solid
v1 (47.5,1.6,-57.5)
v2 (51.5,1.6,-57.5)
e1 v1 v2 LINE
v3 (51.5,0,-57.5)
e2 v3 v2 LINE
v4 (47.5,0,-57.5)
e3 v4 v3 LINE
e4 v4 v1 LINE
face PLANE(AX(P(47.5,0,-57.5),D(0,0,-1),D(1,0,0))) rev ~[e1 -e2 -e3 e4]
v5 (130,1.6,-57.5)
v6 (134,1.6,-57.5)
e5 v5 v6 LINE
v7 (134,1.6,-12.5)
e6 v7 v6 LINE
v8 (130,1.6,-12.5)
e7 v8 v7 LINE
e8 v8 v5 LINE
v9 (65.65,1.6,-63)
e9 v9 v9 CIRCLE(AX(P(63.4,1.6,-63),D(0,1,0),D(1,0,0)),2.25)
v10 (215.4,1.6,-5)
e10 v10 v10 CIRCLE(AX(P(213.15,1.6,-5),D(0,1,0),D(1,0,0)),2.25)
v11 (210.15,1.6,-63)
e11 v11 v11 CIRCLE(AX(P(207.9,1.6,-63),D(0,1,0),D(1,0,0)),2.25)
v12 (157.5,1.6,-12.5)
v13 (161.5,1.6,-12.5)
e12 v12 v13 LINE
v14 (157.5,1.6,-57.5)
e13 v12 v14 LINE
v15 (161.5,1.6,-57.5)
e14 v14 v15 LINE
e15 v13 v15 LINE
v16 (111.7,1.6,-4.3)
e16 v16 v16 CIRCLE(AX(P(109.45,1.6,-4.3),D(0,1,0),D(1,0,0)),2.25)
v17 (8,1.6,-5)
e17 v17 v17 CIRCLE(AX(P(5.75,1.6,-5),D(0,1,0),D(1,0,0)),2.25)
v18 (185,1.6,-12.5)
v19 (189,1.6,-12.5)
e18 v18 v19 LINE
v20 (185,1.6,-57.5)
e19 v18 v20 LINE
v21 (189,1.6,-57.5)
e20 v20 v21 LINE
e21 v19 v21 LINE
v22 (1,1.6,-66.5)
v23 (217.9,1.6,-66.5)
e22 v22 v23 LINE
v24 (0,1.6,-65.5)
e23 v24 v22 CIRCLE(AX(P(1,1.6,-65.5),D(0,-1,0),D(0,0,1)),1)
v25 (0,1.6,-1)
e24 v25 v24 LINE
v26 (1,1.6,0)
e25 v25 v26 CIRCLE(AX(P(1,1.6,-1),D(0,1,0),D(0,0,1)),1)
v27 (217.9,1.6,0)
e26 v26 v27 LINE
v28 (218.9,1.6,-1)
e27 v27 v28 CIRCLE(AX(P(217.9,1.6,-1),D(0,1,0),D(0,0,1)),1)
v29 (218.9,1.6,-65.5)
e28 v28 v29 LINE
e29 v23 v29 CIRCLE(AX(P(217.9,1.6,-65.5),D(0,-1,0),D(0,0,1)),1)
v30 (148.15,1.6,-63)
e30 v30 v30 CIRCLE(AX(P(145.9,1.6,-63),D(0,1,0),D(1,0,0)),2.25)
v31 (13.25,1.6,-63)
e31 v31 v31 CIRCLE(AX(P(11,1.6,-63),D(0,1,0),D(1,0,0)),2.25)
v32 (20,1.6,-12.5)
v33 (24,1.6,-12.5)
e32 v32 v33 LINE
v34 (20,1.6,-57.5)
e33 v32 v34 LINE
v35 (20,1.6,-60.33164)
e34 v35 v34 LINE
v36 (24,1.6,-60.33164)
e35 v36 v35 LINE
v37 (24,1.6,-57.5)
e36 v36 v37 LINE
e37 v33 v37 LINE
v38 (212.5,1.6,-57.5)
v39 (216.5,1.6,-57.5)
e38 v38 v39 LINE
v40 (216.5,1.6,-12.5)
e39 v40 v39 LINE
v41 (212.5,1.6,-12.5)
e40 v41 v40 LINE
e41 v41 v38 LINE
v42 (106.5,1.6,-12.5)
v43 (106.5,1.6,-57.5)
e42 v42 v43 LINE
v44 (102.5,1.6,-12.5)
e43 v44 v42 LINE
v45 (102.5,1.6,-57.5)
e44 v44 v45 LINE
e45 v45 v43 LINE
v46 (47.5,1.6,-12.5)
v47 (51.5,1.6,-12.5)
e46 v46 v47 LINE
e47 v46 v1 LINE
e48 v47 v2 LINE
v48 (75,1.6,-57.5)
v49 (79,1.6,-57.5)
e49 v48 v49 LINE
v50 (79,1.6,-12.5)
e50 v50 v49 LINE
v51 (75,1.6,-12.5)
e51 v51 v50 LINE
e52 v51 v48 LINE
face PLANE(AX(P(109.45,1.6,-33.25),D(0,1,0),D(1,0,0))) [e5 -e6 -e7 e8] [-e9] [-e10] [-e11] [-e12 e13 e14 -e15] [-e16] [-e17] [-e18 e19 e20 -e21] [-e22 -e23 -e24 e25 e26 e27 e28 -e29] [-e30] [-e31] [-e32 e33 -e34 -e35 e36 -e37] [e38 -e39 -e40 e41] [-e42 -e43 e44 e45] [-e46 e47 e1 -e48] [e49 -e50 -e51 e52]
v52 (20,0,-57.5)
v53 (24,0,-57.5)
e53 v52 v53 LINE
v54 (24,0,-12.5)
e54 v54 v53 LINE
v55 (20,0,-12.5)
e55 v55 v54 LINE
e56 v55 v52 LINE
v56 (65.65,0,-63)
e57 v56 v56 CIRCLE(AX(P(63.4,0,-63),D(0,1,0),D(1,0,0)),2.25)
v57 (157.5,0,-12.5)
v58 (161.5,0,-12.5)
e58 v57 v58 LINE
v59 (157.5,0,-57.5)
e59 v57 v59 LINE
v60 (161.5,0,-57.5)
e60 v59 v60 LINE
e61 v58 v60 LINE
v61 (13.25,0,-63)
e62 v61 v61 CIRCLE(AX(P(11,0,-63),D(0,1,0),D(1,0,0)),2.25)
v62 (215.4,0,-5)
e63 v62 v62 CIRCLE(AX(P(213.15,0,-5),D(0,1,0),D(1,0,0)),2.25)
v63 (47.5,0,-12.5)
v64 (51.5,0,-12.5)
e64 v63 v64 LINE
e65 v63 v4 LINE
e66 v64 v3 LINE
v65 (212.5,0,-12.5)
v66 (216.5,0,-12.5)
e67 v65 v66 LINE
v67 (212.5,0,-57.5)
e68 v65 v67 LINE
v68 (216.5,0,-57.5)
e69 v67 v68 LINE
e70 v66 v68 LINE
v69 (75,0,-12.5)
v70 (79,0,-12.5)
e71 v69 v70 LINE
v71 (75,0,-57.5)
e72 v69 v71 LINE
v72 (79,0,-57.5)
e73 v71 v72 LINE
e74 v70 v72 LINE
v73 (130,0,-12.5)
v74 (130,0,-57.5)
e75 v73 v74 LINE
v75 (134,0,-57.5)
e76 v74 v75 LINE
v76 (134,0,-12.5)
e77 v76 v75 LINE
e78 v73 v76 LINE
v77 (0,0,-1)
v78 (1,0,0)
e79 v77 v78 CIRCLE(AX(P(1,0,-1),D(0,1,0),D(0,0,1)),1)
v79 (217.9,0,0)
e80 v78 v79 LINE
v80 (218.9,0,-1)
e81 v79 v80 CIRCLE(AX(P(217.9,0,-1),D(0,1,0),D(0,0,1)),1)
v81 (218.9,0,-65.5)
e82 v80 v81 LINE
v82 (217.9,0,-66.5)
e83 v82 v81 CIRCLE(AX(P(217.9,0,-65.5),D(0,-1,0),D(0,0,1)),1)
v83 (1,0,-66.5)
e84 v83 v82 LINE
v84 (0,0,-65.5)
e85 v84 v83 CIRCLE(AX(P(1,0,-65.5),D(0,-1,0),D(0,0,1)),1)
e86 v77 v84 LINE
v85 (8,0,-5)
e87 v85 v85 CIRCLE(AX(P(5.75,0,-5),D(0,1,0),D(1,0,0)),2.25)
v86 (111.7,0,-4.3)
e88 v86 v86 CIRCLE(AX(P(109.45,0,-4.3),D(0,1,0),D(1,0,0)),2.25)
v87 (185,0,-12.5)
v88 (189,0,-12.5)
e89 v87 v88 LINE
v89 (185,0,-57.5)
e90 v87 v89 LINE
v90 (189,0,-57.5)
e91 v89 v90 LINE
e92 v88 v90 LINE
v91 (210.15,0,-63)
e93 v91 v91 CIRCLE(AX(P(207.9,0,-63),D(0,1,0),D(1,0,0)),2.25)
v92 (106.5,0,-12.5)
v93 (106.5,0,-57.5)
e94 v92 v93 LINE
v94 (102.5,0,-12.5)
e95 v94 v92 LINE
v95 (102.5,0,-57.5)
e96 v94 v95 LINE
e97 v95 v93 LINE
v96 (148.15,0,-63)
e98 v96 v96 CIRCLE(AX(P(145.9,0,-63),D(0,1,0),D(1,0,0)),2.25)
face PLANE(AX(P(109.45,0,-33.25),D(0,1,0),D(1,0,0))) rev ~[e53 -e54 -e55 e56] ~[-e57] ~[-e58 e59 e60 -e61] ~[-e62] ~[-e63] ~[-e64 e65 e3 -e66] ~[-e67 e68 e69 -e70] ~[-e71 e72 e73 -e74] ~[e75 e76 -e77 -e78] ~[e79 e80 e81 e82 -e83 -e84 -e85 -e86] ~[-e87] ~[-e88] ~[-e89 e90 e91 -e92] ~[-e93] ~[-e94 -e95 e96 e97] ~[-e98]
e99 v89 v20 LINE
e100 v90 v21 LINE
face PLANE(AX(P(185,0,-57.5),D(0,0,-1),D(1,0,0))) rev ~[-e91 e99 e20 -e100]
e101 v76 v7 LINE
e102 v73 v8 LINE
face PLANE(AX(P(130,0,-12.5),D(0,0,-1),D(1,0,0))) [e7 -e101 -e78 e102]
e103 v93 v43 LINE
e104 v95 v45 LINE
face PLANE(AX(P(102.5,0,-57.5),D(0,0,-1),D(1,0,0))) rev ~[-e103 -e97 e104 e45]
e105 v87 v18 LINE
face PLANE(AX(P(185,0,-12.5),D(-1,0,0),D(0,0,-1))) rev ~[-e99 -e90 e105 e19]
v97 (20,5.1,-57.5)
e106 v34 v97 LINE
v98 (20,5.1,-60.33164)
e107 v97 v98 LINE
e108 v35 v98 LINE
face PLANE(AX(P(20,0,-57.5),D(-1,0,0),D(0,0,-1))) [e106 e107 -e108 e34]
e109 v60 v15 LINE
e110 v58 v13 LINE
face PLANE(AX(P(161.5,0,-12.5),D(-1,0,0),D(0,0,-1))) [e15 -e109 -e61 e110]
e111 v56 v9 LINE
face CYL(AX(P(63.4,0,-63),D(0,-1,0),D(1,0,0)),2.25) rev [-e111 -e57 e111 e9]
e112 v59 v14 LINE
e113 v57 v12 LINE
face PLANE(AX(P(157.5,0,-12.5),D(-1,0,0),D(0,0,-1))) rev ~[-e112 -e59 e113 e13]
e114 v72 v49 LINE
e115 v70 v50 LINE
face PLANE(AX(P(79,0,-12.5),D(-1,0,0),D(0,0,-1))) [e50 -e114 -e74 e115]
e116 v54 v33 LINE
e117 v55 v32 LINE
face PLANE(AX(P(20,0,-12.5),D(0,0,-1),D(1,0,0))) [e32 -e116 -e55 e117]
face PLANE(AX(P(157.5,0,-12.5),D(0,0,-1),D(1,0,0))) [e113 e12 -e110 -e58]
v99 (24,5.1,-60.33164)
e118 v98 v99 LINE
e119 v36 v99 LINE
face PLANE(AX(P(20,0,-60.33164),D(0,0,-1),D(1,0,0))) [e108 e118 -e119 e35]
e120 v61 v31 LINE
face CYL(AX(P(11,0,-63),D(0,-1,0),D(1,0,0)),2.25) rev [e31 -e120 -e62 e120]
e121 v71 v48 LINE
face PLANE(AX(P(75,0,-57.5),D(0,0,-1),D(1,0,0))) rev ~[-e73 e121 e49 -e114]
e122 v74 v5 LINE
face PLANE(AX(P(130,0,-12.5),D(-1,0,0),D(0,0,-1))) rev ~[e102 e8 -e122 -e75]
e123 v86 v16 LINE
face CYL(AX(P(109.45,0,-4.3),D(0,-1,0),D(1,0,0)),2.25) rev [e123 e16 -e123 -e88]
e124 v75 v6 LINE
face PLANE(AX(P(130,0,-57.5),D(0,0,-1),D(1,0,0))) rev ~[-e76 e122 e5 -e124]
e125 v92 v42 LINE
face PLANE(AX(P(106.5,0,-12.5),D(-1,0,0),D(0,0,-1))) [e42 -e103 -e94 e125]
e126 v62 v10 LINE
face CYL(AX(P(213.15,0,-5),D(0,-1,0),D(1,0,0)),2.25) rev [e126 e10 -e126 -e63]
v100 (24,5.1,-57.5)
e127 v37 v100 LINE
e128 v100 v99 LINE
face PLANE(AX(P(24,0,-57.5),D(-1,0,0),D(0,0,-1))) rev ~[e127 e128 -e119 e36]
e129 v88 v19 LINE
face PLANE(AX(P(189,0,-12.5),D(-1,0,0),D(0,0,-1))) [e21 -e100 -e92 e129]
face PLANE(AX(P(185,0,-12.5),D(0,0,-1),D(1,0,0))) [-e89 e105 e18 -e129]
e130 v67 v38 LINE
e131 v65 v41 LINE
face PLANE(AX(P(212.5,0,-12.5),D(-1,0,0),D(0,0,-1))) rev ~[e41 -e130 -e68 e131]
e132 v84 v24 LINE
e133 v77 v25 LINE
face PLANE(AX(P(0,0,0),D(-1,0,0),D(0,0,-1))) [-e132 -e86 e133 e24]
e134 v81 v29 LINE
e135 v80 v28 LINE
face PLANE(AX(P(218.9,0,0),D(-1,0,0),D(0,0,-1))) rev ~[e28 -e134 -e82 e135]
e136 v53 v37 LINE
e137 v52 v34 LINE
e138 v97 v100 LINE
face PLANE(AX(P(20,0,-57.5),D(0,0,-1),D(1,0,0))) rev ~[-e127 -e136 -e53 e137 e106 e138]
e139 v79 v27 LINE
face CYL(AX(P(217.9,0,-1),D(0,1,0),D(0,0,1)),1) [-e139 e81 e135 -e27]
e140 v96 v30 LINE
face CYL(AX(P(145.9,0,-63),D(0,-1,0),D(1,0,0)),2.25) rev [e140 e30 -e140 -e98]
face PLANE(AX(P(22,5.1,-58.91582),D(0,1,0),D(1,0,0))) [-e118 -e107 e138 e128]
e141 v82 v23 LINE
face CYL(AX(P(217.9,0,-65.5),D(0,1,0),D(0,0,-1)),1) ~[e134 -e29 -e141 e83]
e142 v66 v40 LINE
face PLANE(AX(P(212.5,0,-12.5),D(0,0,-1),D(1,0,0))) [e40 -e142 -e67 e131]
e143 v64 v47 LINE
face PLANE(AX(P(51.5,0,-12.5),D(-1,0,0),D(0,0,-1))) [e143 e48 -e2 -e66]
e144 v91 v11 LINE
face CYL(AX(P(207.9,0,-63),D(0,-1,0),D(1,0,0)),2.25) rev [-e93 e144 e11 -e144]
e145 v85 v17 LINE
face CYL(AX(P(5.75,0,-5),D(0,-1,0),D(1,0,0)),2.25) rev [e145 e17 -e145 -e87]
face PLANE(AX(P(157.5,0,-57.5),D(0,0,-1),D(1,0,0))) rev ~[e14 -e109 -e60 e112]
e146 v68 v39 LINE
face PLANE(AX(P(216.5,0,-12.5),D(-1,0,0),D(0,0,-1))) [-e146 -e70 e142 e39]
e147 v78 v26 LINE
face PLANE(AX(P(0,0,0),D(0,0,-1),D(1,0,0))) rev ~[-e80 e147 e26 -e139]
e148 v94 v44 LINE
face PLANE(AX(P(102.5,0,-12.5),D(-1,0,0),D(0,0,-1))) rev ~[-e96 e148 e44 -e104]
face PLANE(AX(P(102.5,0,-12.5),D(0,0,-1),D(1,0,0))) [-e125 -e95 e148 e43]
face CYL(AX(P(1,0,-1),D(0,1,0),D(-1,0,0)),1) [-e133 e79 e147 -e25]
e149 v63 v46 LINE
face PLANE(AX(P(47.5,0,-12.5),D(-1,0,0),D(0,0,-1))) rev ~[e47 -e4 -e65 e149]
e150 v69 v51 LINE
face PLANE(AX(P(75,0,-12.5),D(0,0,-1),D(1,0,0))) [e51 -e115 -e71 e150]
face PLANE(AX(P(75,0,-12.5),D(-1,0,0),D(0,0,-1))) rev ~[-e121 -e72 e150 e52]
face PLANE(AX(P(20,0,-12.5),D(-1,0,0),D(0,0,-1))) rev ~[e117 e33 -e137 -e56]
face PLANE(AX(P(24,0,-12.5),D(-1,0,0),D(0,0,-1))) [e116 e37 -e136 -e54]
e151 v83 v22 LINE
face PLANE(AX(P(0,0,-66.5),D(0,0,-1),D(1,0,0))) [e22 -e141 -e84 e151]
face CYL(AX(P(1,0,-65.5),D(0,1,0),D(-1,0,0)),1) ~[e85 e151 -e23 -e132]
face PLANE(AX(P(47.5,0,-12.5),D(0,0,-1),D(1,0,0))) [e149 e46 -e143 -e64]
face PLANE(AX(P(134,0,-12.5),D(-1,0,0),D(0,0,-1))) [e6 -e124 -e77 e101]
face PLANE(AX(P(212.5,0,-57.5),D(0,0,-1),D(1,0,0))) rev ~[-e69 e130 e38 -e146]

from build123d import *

# Parameters (mm, degrees)
SKETCH1_W           = 218.9
SKETCH1_H           = 66.5
SKETCH1_R           = 2.25
SKETCH1_W_2         = 4
SKETCH1_H_2         = 45
BOSS_EXTRUDE1_DEPTH = 1.6
FILLET1_R           = 1
SKETCH3_W           = 4
SKETCH3_H           = 2.831639971
BOSS_EXTRUDE2_DEPTH = 5.1


with BuildPart() as part:
    # Sketch1 → Boss-Extrude1 (new body)
    with BuildSketch(Plane(origin=(0, 0, 0), x_dir=(1, 0, 0), z_dir=(0, 1, 0))):
        with Locations((109.45, 33.25)):
            Rectangle(SKETCH1_W, SKETCH1_H)
        with Locations((11, 63)):
            Circle(SKETCH1_R, mode=Mode.SUBTRACT)
        with Locations((63.4, 63)):
            Circle(SKETCH1_R, mode=Mode.SUBTRACT)
        with Locations((145.9, 63)):
            Circle(SKETCH1_R, mode=Mode.SUBTRACT)
        with Locations((207.9, 63)):
            Circle(SKETCH1_R, mode=Mode.SUBTRACT)
        with Locations((5.75, 5)):
            Circle(SKETCH1_R, mode=Mode.SUBTRACT)
        with Locations((109.45, 4.3)):
            Circle(SKETCH1_R, mode=Mode.SUBTRACT)
        with Locations((213.15, 5)):
            Circle(SKETCH1_R, mode=Mode.SUBTRACT)
        with Locations((22, 35)):
            Rectangle(SKETCH1_W_2, SKETCH1_H_2, mode=Mode.SUBTRACT)
        with Locations((49.5, 35)):
            Rectangle(SKETCH1_W_2, SKETCH1_H_2, mode=Mode.SUBTRACT)
        with Locations((77, 35)):
            Rectangle(SKETCH1_W_2, SKETCH1_H_2, mode=Mode.SUBTRACT)
        with Locations((104.5, 35)):
            Rectangle(SKETCH1_W_2, SKETCH1_H_2, mode=Mode.SUBTRACT)
        with Locations((132, 35)):
            Rectangle(SKETCH1_W_2, SKETCH1_H_2, mode=Mode.SUBTRACT)
        with Locations((159.5, 35)):
            Rectangle(SKETCH1_W_2, SKETCH1_H_2, mode=Mode.SUBTRACT)
        with Locations((187, 35)):
            Rectangle(SKETCH1_W_2, SKETCH1_H_2, mode=Mode.SUBTRACT)
        with Locations((214.5, 35)):
            Rectangle(SKETCH1_W_2, SKETCH1_H_2, mode=Mode.SUBTRACT)
    extrude(amount=BOSS_EXTRUDE1_DEPTH)

    # Fillet1
    fillet1_edges = [part.edges().sort_by_distance(p)[0] for p in [
        (0, 0.8, -66.5),
        (218.9, 0.8, -66.5),
        (218.9, 0.8, 0),
        (0, 0.8, 0),
    ]]
    fillet(fillet1_edges, radius=FILLET1_R)

    # Sketch3 → Boss-Extrude2 (add)
    with BuildSketch(Plane(origin=(0, 0, 0), x_dir=(1, 0, 0), z_dir=(0, 1, 0))):
        with Locations((22, 58.915819986)):
            Rectangle(SKETCH3_W, SKETCH3_H)
    extrude(amount=BOSS_EXTRUDE2_DEPTH)


solid = part.part
